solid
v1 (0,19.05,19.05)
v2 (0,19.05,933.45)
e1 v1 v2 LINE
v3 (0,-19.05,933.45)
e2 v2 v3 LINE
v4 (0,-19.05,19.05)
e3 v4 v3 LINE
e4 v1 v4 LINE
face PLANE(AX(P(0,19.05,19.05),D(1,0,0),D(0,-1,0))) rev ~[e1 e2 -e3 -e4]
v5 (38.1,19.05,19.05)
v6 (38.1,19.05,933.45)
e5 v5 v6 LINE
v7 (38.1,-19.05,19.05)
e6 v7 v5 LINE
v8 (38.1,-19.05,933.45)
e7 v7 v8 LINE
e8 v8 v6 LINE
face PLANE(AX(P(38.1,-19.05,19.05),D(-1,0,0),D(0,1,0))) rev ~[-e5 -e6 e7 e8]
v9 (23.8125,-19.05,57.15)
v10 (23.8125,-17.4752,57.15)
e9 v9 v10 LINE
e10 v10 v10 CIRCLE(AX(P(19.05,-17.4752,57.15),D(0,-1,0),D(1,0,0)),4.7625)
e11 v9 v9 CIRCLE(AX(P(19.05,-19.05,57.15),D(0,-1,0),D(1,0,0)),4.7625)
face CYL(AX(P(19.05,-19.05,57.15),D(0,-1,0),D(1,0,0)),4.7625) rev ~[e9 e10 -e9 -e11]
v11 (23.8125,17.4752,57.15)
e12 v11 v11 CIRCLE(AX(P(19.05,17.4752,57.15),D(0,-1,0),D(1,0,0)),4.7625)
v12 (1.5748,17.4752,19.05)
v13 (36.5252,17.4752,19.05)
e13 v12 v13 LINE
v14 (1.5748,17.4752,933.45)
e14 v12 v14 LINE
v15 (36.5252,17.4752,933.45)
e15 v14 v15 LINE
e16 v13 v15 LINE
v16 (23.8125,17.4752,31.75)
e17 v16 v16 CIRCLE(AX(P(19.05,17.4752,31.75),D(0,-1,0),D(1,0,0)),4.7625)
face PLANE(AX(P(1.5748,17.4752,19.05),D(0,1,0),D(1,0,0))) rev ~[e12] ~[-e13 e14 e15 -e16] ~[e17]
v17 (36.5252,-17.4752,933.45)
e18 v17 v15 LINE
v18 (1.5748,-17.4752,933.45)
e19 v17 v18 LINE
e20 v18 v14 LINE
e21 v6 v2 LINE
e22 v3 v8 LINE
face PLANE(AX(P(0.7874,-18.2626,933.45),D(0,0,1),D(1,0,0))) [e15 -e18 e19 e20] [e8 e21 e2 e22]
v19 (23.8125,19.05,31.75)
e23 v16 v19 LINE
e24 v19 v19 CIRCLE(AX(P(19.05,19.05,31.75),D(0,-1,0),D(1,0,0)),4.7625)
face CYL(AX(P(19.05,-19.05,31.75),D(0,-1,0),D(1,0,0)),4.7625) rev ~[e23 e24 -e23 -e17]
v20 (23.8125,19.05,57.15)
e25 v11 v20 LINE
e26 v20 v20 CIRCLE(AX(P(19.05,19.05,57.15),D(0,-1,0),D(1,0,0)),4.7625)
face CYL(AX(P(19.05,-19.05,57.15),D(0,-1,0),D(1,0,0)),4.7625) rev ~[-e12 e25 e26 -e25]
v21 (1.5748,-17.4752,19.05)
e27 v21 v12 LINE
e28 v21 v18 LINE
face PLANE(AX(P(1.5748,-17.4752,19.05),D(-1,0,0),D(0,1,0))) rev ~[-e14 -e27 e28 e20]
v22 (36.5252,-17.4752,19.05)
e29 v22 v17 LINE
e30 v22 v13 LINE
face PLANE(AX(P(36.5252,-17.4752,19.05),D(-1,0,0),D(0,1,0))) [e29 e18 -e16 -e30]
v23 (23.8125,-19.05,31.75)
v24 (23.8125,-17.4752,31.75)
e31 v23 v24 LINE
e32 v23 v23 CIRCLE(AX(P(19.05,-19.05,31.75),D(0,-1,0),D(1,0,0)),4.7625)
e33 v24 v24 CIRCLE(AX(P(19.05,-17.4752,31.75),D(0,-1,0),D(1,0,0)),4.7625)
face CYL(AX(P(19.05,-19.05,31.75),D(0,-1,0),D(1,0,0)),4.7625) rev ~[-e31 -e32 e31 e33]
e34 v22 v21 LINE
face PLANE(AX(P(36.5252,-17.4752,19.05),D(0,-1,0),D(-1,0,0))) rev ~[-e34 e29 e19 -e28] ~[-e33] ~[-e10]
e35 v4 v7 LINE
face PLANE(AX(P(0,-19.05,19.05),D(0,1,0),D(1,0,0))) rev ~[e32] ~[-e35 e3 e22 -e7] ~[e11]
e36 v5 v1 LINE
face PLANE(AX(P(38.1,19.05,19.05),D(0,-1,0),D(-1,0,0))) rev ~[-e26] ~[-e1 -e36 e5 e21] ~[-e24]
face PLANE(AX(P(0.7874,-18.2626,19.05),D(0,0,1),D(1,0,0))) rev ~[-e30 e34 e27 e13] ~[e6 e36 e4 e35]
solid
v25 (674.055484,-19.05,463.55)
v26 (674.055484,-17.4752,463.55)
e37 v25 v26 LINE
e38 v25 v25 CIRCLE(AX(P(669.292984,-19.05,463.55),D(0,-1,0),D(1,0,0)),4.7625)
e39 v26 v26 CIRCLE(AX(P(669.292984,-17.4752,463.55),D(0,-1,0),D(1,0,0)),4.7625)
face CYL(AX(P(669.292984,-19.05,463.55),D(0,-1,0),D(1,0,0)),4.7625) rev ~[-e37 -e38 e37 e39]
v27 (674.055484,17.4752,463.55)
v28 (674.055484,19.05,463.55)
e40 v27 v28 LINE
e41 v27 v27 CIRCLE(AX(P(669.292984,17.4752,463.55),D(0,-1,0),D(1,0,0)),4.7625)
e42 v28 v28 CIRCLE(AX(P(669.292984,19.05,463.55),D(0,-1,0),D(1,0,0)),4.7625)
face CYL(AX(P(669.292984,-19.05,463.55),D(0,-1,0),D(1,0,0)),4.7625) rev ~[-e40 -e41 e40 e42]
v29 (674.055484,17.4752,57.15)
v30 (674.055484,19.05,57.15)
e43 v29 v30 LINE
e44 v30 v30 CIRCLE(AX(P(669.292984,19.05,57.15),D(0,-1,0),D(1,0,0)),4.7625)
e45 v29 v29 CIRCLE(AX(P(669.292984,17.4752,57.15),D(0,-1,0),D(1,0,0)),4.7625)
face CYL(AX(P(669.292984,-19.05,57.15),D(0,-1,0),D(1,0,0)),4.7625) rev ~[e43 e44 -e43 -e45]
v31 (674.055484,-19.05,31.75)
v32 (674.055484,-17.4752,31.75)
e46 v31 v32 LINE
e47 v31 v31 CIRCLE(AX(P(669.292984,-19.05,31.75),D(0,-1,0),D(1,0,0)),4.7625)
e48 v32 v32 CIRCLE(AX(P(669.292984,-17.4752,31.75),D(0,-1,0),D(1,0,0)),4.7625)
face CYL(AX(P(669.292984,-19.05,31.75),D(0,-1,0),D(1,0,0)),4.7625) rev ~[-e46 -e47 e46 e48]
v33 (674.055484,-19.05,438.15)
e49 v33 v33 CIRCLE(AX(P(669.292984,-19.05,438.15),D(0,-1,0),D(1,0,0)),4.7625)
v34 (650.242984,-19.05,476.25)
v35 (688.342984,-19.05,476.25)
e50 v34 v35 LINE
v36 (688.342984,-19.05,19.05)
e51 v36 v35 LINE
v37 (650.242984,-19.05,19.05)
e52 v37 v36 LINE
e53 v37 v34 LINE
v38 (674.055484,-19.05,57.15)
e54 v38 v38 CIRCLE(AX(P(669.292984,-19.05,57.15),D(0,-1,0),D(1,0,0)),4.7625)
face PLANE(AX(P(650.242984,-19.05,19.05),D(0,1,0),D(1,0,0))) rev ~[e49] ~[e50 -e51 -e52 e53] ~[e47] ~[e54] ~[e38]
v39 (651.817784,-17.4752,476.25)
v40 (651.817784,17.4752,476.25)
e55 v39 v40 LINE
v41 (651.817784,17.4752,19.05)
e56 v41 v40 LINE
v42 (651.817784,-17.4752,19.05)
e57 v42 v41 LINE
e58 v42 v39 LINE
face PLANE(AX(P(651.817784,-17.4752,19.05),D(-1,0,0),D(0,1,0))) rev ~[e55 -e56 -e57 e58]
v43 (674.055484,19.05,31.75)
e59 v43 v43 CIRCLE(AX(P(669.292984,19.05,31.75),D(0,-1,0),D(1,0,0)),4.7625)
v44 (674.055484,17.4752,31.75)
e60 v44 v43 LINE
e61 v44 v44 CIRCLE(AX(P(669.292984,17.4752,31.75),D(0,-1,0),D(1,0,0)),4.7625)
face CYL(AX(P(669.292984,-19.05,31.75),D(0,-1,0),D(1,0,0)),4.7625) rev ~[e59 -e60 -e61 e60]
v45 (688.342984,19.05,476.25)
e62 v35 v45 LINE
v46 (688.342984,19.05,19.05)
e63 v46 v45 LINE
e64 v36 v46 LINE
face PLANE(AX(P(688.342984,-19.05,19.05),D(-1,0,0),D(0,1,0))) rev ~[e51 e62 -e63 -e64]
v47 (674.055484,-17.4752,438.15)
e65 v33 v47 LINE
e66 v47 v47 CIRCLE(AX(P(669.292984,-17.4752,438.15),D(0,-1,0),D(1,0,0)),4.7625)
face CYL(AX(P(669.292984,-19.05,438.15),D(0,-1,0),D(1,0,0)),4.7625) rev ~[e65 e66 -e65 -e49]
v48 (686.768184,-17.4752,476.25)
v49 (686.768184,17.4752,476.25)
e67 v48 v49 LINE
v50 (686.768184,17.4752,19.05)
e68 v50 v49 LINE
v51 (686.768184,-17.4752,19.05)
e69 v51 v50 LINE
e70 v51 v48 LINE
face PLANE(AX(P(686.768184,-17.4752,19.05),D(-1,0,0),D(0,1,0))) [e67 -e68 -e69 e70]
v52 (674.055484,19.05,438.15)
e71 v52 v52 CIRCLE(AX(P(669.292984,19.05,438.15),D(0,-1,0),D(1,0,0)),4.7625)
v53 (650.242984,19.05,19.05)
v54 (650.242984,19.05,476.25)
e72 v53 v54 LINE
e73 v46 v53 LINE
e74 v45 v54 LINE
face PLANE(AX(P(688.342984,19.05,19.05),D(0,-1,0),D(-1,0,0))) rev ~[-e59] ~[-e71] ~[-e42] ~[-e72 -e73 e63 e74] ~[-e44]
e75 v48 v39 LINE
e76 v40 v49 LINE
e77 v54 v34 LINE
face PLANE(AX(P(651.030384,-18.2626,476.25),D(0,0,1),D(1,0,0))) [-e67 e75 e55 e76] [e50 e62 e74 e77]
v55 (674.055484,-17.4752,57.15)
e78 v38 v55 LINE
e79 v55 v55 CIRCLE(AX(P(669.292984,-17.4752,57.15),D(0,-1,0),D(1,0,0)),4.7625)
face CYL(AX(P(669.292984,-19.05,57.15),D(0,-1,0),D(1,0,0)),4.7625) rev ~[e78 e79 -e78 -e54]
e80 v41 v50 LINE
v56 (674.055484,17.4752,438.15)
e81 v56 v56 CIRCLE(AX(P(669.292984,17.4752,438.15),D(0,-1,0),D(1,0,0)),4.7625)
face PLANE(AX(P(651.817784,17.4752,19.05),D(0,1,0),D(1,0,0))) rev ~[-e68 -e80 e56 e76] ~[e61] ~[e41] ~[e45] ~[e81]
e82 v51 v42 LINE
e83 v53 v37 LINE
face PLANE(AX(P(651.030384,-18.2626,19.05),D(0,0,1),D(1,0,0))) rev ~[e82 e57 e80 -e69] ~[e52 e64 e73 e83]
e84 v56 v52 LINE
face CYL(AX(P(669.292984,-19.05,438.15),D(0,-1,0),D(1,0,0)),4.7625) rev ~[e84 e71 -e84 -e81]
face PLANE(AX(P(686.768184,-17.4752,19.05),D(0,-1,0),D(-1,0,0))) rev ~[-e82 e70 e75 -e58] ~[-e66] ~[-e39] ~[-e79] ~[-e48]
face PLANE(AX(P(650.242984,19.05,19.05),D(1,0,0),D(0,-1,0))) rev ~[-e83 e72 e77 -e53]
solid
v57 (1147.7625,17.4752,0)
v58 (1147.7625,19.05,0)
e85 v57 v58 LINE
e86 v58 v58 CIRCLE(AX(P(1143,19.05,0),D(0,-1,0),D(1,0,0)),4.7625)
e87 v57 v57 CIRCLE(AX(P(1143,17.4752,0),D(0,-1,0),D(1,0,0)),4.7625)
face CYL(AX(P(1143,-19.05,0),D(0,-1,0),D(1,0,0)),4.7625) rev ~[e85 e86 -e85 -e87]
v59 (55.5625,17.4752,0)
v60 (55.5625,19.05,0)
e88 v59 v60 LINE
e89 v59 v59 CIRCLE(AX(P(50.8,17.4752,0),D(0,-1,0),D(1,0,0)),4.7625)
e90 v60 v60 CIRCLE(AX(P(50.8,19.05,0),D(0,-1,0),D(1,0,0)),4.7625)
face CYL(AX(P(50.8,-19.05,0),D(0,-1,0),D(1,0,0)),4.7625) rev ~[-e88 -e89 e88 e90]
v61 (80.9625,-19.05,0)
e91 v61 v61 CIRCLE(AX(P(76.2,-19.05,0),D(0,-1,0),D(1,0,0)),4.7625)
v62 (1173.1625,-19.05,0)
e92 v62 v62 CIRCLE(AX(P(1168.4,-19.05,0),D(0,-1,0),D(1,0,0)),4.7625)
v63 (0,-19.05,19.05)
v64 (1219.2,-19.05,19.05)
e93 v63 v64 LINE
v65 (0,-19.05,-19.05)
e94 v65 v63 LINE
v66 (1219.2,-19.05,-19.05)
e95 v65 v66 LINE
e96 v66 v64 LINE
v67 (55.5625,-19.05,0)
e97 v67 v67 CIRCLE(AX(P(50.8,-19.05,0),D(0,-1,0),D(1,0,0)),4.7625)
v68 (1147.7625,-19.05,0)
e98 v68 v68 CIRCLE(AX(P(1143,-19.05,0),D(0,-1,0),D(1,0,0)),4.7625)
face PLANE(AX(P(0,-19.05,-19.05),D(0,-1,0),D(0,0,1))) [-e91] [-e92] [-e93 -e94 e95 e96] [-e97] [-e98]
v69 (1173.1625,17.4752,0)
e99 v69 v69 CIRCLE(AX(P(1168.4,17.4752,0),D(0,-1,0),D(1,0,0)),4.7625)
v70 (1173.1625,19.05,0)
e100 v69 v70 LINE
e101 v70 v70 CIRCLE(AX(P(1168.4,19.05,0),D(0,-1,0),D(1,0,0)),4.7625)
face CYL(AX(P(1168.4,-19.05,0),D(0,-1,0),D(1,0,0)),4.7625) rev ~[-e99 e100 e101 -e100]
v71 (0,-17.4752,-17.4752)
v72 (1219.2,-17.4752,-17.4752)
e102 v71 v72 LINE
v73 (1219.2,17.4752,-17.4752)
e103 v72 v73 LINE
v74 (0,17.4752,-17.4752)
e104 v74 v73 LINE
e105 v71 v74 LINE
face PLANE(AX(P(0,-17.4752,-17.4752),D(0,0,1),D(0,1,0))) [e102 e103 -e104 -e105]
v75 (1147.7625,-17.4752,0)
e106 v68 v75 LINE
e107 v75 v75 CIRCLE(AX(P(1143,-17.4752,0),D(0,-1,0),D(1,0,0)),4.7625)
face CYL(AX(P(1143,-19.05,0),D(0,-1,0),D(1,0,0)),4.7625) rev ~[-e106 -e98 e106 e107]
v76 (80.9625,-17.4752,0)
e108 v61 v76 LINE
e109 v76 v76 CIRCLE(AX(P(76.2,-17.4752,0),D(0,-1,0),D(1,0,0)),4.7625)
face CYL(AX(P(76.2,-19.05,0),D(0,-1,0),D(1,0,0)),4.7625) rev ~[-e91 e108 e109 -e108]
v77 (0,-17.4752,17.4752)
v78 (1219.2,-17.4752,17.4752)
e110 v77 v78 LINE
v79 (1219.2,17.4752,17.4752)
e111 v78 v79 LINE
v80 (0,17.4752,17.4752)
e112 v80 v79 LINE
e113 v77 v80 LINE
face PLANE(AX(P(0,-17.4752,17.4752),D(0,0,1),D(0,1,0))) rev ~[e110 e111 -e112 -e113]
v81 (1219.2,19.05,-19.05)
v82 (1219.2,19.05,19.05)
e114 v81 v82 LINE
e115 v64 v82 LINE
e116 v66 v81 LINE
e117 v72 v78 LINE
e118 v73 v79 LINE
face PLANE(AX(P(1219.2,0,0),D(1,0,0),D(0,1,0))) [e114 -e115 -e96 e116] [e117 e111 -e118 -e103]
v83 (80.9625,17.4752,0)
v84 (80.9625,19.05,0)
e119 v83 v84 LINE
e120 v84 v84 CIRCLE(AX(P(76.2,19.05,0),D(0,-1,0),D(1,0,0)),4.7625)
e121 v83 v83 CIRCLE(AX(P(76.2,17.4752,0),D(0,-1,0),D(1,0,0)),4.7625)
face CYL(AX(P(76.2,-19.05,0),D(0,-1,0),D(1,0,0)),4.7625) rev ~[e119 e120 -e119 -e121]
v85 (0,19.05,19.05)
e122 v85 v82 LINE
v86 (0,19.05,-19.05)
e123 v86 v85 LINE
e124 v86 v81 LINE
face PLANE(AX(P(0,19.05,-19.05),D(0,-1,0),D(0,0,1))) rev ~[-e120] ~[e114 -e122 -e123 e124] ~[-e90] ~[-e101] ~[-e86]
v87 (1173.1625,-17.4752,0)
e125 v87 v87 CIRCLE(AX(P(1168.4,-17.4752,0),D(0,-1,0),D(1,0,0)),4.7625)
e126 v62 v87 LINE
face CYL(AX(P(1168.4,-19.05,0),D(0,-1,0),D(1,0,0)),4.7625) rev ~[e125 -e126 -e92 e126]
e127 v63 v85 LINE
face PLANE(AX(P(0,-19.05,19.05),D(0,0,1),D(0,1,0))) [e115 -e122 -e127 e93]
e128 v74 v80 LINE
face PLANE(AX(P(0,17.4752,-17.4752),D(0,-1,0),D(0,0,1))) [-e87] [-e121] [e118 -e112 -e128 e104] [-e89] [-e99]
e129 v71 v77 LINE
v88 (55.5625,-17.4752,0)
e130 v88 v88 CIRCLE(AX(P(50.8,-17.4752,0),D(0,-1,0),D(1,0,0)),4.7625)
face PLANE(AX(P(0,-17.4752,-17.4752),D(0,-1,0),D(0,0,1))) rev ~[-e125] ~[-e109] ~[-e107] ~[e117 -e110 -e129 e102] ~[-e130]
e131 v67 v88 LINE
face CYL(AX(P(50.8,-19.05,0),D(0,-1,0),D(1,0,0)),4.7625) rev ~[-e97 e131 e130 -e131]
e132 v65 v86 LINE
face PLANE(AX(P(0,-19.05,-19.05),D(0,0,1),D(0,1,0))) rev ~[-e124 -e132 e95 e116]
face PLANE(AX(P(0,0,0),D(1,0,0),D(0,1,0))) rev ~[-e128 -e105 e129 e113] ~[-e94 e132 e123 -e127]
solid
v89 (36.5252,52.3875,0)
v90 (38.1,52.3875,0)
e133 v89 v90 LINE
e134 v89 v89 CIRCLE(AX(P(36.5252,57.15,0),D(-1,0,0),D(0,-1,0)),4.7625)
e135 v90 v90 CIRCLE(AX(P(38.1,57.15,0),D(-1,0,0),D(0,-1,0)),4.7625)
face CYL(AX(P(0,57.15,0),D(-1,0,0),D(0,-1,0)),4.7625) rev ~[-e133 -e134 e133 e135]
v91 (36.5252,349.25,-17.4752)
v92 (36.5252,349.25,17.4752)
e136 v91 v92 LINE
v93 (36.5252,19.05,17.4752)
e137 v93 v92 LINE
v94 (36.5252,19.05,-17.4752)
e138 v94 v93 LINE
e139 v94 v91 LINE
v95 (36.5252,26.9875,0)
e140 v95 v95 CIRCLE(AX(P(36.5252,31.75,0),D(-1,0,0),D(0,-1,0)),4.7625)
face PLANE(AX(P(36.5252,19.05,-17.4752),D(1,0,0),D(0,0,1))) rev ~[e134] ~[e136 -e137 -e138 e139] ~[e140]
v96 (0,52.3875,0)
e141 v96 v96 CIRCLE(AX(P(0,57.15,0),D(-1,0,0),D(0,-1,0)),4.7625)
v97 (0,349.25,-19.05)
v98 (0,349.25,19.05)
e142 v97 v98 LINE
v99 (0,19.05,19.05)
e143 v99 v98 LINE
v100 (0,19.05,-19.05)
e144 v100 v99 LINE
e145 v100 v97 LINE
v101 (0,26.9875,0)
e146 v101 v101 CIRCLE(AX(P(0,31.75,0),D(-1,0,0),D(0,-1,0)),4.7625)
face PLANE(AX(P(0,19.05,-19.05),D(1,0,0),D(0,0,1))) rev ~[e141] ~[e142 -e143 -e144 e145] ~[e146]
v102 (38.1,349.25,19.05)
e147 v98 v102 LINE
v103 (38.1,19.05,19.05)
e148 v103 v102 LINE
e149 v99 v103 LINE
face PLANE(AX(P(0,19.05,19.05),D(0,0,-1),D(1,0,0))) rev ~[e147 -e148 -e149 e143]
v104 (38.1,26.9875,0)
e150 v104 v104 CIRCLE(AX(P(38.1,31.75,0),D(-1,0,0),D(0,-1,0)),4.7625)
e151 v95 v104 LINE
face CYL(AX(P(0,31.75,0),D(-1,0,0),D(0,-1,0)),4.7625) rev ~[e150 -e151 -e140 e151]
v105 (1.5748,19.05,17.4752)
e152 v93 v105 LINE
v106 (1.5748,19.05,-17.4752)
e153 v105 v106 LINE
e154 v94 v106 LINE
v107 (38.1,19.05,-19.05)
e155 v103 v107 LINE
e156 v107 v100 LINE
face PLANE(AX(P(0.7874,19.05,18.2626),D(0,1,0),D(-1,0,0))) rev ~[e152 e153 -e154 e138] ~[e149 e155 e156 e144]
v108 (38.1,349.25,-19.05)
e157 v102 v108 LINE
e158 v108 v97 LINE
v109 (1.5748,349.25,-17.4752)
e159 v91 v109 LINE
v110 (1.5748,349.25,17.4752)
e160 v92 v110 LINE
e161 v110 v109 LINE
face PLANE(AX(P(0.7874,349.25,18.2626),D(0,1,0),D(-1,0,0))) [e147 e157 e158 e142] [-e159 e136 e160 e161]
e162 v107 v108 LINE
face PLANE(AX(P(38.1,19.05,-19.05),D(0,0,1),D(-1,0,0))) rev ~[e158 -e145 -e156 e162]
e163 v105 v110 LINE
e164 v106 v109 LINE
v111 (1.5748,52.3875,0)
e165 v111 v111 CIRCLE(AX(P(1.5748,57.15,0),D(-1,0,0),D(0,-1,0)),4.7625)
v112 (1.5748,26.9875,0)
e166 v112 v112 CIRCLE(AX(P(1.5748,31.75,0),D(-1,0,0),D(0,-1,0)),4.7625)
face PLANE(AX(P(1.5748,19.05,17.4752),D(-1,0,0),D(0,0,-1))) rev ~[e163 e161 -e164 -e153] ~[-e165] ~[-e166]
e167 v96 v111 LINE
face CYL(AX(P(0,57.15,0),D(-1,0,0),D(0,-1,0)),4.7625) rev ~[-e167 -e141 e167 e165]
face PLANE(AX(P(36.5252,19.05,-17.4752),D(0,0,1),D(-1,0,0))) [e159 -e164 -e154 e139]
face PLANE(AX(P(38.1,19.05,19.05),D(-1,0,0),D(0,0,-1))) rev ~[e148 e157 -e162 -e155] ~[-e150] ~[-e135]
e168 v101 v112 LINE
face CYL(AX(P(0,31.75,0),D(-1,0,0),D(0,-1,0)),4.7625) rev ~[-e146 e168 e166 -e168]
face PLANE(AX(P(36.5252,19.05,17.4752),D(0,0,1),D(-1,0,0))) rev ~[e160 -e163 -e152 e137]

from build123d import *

# Parameters (mm, degrees)
F0_W      = 38.1
F0_H      = 38.1
F0_W_2    = 34.9504
F0_H_2    = 34.9504
F1_DEPTH  = 1219.2
F2_W      = 1.5748
F2_H      = 1.5748
F2_W_2    = 34.9504
F2_H_2    = 34.9504
F3_DEPTH  = 914.4
F4_W      = 1.5748
F4_H      = 1.5748
F4_W_2    = 34.9504
F4_H_2    = 34.9504
F5_DEPTH  = 330.2
F6_R      = 4.7625
F7_DEPTH  = 368.301
F8_R      = 4.7625
F9_DEPTH  = 1219.201
F11_W     = 1.5748
F11_H     = 1.5748
F11_W_2   = 34.9504
F11_H_2   = 34.9504
F12_DEPTH = 457.2
F13_R     = 4.7625
F14_DEPTH = 368.301
F10_R     = 4.7625
F15_DEPTH = 368.301


with BuildPart() as f1:
    # F0 (on Right) → F1 (new body)
    with BuildSketch(Plane.YZ):
        Rectangle(F0_W, F0_H)
        Rectangle(F0_W_2, F0_H_2, mode=Mode.SUBTRACT)
    extrude(amount=F1_DEPTH)

    # F6 (on face) → F7 (cut, through all)
    with BuildSketch(Plane.XZ.offset(19.05)):
        with Locations((50.8, 0)):
            Circle(F6_R)
        with Locations((76.2, 0)):
            Circle(F6_R)
        with Locations((1168.4, 0)):
            Circle(F6_R)
        with Locations((1143, 0)):
            Circle(F6_R)
    extrude(amount=-F7_DEPTH, mode=Mode.SUBTRACT)


with BuildPart() as f3:
    # F2 (on face) → F3 (new body)
    with BuildSketch(Plane.XY.offset(19.05)):
        with Locations((0.7874, -18.2626)):
            Rectangle(F2_W, F2_H)
        with Locations((19.05, -18.2626)):
            Rectangle(F2_W_2, F2_H)
        with Locations((0.7874, 0)):
            Rectangle(F2_W, F2_H_2)
        with Locations((37.3126, -18.2626)):
            Rectangle(F2_W, F2_H)
        with Locations((0.7874, 18.2626)):
            Rectangle(F2_W, F2_H)
        with Locations((37.3126, 0)):
            Rectangle(F2_W, F2_H_2)
        with Locations((19.05, 18.2626)):
            Rectangle(F2_W_2, F2_H)
        with Locations((37.3126, 18.2626)):
            Rectangle(F2_W, F2_H)
    extrude(amount=F3_DEPTH)

    # F10 (on face) → F15 (cut, through all)
    with BuildSketch(Plane.XZ.offset(19.05)):
        with Locations((19.05, 31.75)):
            Circle(F10_R)
        with Locations((19.05, 57.15)):
            Circle(F10_R)
    extrude(amount=-F15_DEPTH, mode=Mode.SUBTRACT)


with BuildPart() as f5:
    # F4 (on face) → F5 (new body)
    with BuildSketch(Plane(origin=(0, 19.05, 0), x_dir=(-1, 0, 0), z_dir=(0, 1, 0))):
        with Locations((-0.7874, 18.2626)):
            Rectangle(F4_W, F4_H)
        with Locations((-19.05, 18.2626)):
            Rectangle(F4_W_2, F4_H)
        with Locations((-0.7874, 0)):
            Rectangle(F4_W, F4_H_2)
        with Locations((-37.3126, 18.2626)):
            Rectangle(F4_W, F4_H)
        with Locations((-0.7874, -18.2626)):
            Rectangle(F4_W, F4_H)
        with Locations((-37.3126, 0)):
            Rectangle(F4_W, F4_H_2)
        with Locations((-19.05, -18.2626)):
            Rectangle(F4_W_2, F4_H)
        with Locations((-37.3126, -18.2626)):
            Rectangle(F4_W, F4_H)
    extrude(amount=F5_DEPTH)

    # F8 (on face) → F9 (cut, through all)
    with BuildSketch(Plane(origin=(0, 0, 0), x_dir=(0, -1, 0), z_dir=(-1, 0, 0))):
        with Locations((-31.75, 0)):
            Circle(F8_R)
        with Locations((-57.15, 0)):
            Circle(F8_R)
    extrude(amount=-F9_DEPTH, mode=Mode.SUBTRACT)


with BuildPart() as f12:
    # F11 (on face) → F12 (new body)
    with BuildSketch(Plane.XY.offset(19.05)):
        with Locations((651.030384, -18.2626)):
            Rectangle(F11_W, F11_H)
        with Locations((669.292984, -18.2626)):
            Rectangle(F11_W_2, F11_H)
        with Locations((651.030384, 0)):
            Rectangle(F11_W, F11_H_2)
        with Locations((687.555584, -18.2626)):
            Rectangle(F11_W, F11_H)
        with Locations((651.030384, 18.2626)):
            Rectangle(F11_W, F11_H)
        with Locations((687.555584, 0)):
            Rectangle(F11_W, F11_H_2)
        with Locations((669.292984, 18.2626)):
            Rectangle(F11_W_2, F11_H)
        with Locations((687.555584, 18.2626)):
            Rectangle(F11_W, F11_H)
    extrude(amount=F12_DEPTH)

    # F13 (on face) → F14 (cut, through all)
    with BuildSketch(Plane.XZ.offset(19.05)):
        with Locations((669.292984, 31.75)):
            Circle(F13_R)
        with Locations((669.292984, 57.15)):
            Circle(F13_R)
        with Locations((669.292984, 463.55)):
            Circle(F13_R)
        with Locations((669.292984, 438.15)):
            Circle(F13_R)
    extrude(amount=-F14_DEPTH, mode=Mode.SUBTRACT)


solid = Compound([f1.part, f3.part, f5.part, f12.part])
